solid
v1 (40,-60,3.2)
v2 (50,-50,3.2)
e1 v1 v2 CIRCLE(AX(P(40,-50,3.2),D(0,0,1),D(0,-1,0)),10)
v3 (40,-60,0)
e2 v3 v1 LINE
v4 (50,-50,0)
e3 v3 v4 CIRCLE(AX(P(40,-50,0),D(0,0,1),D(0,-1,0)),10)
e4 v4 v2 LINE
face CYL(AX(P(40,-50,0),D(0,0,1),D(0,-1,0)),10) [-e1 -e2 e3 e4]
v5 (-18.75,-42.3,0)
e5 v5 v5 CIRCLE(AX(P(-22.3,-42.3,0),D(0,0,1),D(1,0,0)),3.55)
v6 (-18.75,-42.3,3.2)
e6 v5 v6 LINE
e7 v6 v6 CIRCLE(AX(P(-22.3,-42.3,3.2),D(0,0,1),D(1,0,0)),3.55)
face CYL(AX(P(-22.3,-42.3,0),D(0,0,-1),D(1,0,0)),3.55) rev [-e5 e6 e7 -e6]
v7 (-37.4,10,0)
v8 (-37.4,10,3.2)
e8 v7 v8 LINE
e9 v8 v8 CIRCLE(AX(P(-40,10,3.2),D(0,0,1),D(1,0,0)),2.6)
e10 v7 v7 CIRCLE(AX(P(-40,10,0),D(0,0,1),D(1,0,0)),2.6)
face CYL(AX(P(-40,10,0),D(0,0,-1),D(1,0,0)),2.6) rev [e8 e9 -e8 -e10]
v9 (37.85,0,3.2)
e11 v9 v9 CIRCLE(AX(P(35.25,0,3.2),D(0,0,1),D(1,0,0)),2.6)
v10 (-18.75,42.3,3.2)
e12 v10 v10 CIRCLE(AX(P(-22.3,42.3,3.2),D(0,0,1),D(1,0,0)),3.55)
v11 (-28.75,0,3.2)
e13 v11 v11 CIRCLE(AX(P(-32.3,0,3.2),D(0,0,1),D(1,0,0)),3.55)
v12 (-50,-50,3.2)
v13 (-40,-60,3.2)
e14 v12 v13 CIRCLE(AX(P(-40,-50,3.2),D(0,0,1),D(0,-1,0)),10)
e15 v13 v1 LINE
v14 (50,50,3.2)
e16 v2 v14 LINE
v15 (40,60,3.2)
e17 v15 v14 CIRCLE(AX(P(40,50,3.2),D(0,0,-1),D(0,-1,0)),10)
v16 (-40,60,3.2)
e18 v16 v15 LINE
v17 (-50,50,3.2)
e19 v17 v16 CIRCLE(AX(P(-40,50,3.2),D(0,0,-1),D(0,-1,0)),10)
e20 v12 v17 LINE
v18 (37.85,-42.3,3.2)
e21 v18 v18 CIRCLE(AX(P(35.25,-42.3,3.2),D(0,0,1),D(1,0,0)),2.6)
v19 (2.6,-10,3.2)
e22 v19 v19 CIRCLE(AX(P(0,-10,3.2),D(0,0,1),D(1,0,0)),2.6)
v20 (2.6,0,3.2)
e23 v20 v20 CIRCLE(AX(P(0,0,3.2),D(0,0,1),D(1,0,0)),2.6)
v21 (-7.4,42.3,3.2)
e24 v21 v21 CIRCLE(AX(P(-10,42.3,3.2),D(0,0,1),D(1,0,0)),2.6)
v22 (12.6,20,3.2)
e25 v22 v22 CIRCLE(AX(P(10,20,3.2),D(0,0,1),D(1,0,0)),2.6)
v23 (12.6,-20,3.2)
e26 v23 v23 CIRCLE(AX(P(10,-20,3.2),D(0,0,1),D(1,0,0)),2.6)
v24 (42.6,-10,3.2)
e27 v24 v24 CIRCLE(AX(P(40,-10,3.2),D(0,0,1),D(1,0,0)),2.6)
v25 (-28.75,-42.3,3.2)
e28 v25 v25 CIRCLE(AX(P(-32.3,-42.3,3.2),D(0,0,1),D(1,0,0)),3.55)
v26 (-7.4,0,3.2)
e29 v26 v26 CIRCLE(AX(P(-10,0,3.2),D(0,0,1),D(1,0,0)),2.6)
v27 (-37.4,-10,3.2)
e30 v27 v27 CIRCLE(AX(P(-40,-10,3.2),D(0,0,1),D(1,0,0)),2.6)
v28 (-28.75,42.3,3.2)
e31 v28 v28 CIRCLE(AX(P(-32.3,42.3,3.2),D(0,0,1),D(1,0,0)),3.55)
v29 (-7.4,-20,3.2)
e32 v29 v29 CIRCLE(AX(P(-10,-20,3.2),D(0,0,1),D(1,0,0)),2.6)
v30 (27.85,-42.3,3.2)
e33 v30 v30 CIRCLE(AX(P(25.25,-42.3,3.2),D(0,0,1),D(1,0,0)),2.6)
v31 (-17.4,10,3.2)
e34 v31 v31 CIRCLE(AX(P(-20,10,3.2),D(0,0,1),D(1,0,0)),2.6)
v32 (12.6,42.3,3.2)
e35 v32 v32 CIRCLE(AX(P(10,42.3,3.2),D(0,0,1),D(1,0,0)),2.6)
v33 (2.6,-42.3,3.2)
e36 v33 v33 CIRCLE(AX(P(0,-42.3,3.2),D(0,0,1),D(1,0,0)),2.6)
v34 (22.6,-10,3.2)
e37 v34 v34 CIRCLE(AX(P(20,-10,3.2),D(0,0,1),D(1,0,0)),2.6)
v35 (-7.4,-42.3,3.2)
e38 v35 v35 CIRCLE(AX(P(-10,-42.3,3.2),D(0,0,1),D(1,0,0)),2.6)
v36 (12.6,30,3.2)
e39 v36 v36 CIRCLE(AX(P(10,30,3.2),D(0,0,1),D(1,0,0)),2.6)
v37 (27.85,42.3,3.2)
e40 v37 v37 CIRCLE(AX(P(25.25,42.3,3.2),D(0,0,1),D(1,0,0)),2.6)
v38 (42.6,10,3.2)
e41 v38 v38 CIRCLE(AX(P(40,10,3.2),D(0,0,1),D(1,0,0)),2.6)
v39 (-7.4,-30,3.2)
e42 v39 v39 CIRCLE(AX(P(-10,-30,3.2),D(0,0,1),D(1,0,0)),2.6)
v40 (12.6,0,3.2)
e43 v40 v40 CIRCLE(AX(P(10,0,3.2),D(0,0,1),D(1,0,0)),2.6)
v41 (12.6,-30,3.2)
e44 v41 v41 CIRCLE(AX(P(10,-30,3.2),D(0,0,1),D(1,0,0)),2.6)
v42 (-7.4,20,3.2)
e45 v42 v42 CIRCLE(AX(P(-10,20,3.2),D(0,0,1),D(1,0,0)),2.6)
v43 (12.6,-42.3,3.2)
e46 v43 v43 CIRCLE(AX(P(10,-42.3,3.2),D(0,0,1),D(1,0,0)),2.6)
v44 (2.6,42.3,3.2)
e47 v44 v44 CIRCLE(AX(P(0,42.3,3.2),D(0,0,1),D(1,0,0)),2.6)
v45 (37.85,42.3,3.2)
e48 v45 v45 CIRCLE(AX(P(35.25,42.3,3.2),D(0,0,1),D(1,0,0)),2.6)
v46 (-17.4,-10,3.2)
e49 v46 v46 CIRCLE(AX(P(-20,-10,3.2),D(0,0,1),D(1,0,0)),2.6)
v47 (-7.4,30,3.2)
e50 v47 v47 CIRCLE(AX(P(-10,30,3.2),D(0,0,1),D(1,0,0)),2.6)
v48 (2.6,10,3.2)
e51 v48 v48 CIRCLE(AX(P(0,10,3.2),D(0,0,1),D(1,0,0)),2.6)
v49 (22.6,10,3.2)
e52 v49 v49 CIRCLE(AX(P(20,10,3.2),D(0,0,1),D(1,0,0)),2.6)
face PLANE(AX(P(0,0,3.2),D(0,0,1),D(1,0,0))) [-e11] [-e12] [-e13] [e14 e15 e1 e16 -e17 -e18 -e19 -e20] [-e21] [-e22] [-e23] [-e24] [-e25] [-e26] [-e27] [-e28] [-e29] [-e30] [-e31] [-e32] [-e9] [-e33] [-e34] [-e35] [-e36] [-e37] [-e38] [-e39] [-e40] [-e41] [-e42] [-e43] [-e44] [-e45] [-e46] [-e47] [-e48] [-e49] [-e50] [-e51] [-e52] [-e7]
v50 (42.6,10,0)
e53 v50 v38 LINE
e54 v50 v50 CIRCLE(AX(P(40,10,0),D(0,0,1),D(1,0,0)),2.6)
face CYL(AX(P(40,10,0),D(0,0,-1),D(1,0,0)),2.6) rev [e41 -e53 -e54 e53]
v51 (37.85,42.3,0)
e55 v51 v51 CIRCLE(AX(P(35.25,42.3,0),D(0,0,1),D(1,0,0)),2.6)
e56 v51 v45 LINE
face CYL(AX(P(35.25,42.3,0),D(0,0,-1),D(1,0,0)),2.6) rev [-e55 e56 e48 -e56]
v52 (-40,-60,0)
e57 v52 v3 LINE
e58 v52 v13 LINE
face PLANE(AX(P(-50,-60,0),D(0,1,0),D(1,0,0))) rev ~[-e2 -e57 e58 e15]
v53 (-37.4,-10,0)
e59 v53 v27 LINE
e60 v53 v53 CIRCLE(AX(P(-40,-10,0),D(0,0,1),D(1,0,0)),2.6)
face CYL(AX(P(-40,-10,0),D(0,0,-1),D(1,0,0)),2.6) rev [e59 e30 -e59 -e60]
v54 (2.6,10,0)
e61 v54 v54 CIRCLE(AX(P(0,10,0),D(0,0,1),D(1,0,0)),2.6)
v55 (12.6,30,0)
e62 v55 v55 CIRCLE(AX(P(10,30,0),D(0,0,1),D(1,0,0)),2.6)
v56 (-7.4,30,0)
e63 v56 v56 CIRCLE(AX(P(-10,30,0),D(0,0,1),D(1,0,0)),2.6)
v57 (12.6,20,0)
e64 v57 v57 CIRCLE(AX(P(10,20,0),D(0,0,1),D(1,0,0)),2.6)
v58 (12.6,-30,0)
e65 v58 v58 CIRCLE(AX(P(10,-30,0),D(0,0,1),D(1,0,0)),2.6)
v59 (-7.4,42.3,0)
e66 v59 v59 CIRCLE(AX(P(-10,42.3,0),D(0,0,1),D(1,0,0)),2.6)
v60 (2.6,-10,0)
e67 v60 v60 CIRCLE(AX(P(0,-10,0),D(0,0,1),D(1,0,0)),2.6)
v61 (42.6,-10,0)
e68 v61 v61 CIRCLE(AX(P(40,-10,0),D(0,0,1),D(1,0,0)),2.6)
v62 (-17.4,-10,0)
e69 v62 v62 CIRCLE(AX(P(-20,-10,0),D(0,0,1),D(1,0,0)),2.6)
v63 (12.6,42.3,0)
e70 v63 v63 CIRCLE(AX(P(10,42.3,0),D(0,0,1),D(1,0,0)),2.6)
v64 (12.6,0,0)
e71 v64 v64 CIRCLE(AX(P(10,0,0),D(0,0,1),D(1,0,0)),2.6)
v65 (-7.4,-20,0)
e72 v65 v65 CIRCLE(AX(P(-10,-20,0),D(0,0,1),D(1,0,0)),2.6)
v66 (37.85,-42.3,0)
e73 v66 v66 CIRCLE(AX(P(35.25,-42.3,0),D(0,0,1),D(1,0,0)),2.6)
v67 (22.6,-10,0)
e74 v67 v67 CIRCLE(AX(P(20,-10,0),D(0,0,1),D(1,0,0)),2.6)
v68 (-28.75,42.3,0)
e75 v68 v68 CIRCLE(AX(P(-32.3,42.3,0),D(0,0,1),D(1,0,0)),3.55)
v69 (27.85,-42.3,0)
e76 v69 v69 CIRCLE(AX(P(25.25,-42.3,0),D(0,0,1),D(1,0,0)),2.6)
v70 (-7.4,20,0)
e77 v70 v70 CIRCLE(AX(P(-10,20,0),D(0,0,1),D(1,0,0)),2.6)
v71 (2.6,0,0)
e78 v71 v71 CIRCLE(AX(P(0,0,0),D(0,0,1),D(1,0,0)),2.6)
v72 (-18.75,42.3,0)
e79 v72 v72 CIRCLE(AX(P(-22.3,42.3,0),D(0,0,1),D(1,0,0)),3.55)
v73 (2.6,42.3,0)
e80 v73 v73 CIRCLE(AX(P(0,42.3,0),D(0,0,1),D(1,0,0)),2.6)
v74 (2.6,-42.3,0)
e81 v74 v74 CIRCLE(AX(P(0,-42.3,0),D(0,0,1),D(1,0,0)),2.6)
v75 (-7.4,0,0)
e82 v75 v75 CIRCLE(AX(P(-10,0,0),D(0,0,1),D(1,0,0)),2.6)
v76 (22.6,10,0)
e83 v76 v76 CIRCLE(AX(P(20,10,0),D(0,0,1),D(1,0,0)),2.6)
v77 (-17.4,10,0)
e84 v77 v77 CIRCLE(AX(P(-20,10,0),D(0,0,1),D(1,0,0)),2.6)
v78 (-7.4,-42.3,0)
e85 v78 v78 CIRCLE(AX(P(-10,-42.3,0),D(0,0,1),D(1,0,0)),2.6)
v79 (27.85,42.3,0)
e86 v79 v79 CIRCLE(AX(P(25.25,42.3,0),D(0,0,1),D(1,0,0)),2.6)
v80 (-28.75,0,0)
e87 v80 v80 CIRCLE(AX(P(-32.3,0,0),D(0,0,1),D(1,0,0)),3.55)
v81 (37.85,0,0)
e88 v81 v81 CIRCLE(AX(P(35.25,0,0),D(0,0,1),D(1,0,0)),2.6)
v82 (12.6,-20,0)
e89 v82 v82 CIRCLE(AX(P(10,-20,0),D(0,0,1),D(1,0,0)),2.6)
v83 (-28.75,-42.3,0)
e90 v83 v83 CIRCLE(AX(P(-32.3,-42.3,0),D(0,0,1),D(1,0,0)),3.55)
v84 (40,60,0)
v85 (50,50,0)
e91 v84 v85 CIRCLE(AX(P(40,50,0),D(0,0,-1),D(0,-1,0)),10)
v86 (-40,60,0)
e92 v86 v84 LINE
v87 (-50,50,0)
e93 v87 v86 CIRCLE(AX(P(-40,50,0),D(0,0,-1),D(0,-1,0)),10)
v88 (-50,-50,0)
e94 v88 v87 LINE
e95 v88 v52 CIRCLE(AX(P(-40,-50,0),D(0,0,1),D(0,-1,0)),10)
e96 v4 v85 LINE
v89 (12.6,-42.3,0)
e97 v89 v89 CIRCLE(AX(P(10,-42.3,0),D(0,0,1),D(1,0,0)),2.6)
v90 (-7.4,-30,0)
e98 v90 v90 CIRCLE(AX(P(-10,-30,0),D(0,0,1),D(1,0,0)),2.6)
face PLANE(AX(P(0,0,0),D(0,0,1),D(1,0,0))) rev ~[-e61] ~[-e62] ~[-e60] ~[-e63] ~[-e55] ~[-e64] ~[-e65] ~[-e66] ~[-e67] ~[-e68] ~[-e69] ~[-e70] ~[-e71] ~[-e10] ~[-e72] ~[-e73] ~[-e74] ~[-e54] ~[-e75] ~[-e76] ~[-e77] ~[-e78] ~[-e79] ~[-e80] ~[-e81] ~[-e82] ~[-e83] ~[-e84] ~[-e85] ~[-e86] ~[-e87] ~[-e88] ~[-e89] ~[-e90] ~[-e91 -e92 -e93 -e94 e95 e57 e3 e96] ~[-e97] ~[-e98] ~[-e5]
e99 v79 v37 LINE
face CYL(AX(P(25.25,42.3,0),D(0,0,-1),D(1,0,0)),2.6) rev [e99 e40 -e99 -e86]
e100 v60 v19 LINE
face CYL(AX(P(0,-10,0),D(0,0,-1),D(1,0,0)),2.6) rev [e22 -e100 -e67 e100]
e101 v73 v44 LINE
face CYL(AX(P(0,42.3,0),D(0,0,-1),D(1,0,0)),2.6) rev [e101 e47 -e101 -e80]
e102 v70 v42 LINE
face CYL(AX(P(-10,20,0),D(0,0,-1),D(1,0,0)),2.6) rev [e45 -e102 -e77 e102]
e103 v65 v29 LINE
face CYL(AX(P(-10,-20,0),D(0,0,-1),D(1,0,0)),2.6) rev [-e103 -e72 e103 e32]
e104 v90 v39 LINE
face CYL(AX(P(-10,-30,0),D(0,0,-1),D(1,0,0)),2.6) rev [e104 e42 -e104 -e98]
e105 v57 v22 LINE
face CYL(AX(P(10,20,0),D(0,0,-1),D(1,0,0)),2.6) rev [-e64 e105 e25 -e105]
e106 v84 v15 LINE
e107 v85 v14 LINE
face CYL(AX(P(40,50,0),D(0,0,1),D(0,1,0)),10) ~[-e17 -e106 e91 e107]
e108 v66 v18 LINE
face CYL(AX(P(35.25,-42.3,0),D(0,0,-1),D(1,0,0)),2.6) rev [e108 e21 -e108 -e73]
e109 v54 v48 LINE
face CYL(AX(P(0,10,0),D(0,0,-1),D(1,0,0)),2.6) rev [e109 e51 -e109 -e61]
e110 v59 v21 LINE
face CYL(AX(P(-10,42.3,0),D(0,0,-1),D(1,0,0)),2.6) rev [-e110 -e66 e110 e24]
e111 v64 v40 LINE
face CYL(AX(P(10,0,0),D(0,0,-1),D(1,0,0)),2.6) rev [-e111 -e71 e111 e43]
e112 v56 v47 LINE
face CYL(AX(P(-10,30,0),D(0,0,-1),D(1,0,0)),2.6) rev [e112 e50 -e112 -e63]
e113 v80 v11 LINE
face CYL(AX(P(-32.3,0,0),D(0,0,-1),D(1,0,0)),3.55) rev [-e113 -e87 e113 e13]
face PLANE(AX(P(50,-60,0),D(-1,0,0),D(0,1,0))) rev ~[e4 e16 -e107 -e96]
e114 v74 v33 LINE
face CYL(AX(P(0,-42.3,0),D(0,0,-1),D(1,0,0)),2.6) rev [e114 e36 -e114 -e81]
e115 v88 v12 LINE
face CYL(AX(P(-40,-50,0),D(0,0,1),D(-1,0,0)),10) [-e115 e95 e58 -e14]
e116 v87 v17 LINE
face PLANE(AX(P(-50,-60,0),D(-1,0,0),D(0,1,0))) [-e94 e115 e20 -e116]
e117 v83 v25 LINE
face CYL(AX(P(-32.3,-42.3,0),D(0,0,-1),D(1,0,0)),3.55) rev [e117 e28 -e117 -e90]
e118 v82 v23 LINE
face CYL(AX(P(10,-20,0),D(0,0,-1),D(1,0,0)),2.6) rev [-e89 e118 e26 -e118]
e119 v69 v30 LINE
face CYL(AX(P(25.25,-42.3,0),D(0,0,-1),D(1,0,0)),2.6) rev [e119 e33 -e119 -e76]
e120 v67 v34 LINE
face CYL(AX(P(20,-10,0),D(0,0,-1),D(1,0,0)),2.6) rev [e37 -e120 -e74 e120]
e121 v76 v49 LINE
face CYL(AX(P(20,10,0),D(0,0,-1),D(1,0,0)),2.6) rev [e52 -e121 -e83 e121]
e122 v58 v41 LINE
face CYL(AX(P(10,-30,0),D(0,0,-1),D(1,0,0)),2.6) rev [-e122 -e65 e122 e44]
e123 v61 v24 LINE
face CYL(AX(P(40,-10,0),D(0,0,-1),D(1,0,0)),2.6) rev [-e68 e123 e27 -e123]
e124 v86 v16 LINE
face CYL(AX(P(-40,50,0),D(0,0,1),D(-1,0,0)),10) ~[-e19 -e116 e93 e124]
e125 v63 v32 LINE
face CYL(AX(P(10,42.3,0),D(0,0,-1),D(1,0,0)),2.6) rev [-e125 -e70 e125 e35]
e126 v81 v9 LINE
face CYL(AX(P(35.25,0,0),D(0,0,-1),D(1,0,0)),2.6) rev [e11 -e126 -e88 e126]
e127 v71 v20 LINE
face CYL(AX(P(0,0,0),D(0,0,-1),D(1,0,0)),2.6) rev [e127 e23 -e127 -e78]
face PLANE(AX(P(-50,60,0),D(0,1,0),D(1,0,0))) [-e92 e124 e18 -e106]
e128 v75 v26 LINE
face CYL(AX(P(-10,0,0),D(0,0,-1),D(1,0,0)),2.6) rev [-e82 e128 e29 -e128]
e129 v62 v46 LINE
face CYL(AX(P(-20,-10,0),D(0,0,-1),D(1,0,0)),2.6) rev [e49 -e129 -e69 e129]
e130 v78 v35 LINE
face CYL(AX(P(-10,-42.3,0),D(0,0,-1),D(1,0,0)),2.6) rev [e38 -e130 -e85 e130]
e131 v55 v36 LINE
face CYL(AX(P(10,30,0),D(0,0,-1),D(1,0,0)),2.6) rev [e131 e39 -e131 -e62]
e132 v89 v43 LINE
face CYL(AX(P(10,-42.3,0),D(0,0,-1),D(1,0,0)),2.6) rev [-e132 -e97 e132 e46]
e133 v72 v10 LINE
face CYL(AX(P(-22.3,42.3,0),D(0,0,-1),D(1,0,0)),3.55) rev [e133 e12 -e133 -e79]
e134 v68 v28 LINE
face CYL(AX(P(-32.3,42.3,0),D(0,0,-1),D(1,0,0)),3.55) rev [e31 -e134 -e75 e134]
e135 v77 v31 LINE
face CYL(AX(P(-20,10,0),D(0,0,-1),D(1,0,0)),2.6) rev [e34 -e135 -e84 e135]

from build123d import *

# Parameters (mm, degrees)
SKETCH1_W           = 100
SKETCH1_H           = 120
SKETCH1_R           = 2.6
SKETCH1_R_2         = 3.55
BOSS_EXTRUDE1_DEPTH = 3.2
FILLET1_R           = 10


with BuildPart() as part:
    # Sketch1 → Boss-Extrude1 (new body)
    with BuildSketch(Plane.XY):
        Rectangle(SKETCH1_W, SKETCH1_H)
        Circle(SKETCH1_R, mode=Mode.SUBTRACT)
        with Locations((0, 10)):
            Circle(SKETCH1_R, mode=Mode.SUBTRACT)
        with Locations((0, 42.3)):
            Circle(SKETCH1_R, mode=Mode.SUBTRACT)
        with Locations((0, -10)):
            Circle(SKETCH1_R, mode=Mode.SUBTRACT)
        with Locations((10, -20)):
            Circle(SKETCH1_R, mode=Mode.SUBTRACT)
        with Locations((10, 0)):
            Circle(SKETCH1_R, mode=Mode.SUBTRACT)
        with Locations((-10, 0)):
            Circle(SKETCH1_R, mode=Mode.SUBTRACT)
        with Locations((-32.3, 0)):
            Circle(SKETCH1_R_2, mode=Mode.SUBTRACT)
        with Locations((35.25, 0)):
            Circle(SKETCH1_R, mode=Mode.SUBTRACT)
        with Locations((35.25, 42.3)):
            Circle(SKETCH1_R, mode=Mode.SUBTRACT)
        with Locations((10, -30)):
            Circle(SKETCH1_R, mode=Mode.SUBTRACT)
        with Locations((-10, -20)):
            Circle(SKETCH1_R, mode=Mode.SUBTRACT)
        with Locations((-32.3, 42.3)):
            Circle(SKETCH1_R_2, mode=Mode.SUBTRACT)
        with Locations((-22.3, 42.3)):
            Circle(SKETCH1_R_2, mode=Mode.SUBTRACT)
        with Locations((-10, -30)):
            Circle(SKETCH1_R, mode=Mode.SUBTRACT)
        with Locations((-40, 10)):
            Circle(SKETCH1_R, mode=Mode.SUBTRACT)
        with Locations((-20, 10)):
            Circle(SKETCH1_R, mode=Mode.SUBTRACT)
        with Locations((20, 10)):
            Circle(SKETCH1_R, mode=Mode.SUBTRACT)
        with Locations((40, 10)):
            Circle(SKETCH1_R, mode=Mode.SUBTRACT)
        with Locations((40, -10)):
            Circle(SKETCH1_R, mode=Mode.SUBTRACT)
        with Locations((20, -10)):
            Circle(SKETCH1_R, mode=Mode.SUBTRACT)
        with Locations((-20, -10)):
            Circle(SKETCH1_R, mode=Mode.SUBTRACT)
        with Locations((-40, -10)):
            Circle(SKETCH1_R, mode=Mode.SUBTRACT)
        with Locations((25.25, 42.3)):
            Circle(SKETCH1_R, mode=Mode.SUBTRACT)
        with Locations((10, 42.3)):
            Circle(SKETCH1_R, mode=Mode.SUBTRACT)
        with Locations((-10, 42.3)):
            Circle(SKETCH1_R, mode=Mode.SUBTRACT)
        with Locations((-10, 30)):
            Circle(SKETCH1_R, mode=Mode.SUBTRACT)
        with Locations((-10, 20)):
            Circle(SKETCH1_R, mode=Mode.SUBTRACT)
        with Locations((10, 30)):
            Circle(SKETCH1_R, mode=Mode.SUBTRACT)
        with Locations((10, 20)):
            Circle(SKETCH1_R, mode=Mode.SUBTRACT)
        with Locations((-10, -42.3)):
            Circle(SKETCH1_R, mode=Mode.SUBTRACT)
        with Locations((10, -42.3)):
            Circle(SKETCH1_R, mode=Mode.SUBTRACT)
        with Locations((25.25, -42.3)):
            Circle(SKETCH1_R, mode=Mode.SUBTRACT)
        with Locations((-22.3, -42.3)):
            Circle(SKETCH1_R_2, mode=Mode.SUBTRACT)
        with Locations((-32.3, -42.3)):
            Circle(SKETCH1_R_2, mode=Mode.SUBTRACT)
        with Locations((35.25, -42.3)):
            Circle(SKETCH1_R, mode=Mode.SUBTRACT)
        with Locations((0, -42.3)):
            Circle(SKETCH1_R, mode=Mode.SUBTRACT)
    extrude(amount=BOSS_EXTRUDE1_DEPTH)

    # Fillet1
    fillet1_edges = [part.edges().sort_by_distance(p)[0] for p in [
        (50, -60, 1.6),
        (-50, -60, 1.6),
        (-50, 60, 1.6),
        (50, 60, 1.6),
    ]]
    fillet(fillet1_edges, radius=FILLET1_R)


solid = part.part
